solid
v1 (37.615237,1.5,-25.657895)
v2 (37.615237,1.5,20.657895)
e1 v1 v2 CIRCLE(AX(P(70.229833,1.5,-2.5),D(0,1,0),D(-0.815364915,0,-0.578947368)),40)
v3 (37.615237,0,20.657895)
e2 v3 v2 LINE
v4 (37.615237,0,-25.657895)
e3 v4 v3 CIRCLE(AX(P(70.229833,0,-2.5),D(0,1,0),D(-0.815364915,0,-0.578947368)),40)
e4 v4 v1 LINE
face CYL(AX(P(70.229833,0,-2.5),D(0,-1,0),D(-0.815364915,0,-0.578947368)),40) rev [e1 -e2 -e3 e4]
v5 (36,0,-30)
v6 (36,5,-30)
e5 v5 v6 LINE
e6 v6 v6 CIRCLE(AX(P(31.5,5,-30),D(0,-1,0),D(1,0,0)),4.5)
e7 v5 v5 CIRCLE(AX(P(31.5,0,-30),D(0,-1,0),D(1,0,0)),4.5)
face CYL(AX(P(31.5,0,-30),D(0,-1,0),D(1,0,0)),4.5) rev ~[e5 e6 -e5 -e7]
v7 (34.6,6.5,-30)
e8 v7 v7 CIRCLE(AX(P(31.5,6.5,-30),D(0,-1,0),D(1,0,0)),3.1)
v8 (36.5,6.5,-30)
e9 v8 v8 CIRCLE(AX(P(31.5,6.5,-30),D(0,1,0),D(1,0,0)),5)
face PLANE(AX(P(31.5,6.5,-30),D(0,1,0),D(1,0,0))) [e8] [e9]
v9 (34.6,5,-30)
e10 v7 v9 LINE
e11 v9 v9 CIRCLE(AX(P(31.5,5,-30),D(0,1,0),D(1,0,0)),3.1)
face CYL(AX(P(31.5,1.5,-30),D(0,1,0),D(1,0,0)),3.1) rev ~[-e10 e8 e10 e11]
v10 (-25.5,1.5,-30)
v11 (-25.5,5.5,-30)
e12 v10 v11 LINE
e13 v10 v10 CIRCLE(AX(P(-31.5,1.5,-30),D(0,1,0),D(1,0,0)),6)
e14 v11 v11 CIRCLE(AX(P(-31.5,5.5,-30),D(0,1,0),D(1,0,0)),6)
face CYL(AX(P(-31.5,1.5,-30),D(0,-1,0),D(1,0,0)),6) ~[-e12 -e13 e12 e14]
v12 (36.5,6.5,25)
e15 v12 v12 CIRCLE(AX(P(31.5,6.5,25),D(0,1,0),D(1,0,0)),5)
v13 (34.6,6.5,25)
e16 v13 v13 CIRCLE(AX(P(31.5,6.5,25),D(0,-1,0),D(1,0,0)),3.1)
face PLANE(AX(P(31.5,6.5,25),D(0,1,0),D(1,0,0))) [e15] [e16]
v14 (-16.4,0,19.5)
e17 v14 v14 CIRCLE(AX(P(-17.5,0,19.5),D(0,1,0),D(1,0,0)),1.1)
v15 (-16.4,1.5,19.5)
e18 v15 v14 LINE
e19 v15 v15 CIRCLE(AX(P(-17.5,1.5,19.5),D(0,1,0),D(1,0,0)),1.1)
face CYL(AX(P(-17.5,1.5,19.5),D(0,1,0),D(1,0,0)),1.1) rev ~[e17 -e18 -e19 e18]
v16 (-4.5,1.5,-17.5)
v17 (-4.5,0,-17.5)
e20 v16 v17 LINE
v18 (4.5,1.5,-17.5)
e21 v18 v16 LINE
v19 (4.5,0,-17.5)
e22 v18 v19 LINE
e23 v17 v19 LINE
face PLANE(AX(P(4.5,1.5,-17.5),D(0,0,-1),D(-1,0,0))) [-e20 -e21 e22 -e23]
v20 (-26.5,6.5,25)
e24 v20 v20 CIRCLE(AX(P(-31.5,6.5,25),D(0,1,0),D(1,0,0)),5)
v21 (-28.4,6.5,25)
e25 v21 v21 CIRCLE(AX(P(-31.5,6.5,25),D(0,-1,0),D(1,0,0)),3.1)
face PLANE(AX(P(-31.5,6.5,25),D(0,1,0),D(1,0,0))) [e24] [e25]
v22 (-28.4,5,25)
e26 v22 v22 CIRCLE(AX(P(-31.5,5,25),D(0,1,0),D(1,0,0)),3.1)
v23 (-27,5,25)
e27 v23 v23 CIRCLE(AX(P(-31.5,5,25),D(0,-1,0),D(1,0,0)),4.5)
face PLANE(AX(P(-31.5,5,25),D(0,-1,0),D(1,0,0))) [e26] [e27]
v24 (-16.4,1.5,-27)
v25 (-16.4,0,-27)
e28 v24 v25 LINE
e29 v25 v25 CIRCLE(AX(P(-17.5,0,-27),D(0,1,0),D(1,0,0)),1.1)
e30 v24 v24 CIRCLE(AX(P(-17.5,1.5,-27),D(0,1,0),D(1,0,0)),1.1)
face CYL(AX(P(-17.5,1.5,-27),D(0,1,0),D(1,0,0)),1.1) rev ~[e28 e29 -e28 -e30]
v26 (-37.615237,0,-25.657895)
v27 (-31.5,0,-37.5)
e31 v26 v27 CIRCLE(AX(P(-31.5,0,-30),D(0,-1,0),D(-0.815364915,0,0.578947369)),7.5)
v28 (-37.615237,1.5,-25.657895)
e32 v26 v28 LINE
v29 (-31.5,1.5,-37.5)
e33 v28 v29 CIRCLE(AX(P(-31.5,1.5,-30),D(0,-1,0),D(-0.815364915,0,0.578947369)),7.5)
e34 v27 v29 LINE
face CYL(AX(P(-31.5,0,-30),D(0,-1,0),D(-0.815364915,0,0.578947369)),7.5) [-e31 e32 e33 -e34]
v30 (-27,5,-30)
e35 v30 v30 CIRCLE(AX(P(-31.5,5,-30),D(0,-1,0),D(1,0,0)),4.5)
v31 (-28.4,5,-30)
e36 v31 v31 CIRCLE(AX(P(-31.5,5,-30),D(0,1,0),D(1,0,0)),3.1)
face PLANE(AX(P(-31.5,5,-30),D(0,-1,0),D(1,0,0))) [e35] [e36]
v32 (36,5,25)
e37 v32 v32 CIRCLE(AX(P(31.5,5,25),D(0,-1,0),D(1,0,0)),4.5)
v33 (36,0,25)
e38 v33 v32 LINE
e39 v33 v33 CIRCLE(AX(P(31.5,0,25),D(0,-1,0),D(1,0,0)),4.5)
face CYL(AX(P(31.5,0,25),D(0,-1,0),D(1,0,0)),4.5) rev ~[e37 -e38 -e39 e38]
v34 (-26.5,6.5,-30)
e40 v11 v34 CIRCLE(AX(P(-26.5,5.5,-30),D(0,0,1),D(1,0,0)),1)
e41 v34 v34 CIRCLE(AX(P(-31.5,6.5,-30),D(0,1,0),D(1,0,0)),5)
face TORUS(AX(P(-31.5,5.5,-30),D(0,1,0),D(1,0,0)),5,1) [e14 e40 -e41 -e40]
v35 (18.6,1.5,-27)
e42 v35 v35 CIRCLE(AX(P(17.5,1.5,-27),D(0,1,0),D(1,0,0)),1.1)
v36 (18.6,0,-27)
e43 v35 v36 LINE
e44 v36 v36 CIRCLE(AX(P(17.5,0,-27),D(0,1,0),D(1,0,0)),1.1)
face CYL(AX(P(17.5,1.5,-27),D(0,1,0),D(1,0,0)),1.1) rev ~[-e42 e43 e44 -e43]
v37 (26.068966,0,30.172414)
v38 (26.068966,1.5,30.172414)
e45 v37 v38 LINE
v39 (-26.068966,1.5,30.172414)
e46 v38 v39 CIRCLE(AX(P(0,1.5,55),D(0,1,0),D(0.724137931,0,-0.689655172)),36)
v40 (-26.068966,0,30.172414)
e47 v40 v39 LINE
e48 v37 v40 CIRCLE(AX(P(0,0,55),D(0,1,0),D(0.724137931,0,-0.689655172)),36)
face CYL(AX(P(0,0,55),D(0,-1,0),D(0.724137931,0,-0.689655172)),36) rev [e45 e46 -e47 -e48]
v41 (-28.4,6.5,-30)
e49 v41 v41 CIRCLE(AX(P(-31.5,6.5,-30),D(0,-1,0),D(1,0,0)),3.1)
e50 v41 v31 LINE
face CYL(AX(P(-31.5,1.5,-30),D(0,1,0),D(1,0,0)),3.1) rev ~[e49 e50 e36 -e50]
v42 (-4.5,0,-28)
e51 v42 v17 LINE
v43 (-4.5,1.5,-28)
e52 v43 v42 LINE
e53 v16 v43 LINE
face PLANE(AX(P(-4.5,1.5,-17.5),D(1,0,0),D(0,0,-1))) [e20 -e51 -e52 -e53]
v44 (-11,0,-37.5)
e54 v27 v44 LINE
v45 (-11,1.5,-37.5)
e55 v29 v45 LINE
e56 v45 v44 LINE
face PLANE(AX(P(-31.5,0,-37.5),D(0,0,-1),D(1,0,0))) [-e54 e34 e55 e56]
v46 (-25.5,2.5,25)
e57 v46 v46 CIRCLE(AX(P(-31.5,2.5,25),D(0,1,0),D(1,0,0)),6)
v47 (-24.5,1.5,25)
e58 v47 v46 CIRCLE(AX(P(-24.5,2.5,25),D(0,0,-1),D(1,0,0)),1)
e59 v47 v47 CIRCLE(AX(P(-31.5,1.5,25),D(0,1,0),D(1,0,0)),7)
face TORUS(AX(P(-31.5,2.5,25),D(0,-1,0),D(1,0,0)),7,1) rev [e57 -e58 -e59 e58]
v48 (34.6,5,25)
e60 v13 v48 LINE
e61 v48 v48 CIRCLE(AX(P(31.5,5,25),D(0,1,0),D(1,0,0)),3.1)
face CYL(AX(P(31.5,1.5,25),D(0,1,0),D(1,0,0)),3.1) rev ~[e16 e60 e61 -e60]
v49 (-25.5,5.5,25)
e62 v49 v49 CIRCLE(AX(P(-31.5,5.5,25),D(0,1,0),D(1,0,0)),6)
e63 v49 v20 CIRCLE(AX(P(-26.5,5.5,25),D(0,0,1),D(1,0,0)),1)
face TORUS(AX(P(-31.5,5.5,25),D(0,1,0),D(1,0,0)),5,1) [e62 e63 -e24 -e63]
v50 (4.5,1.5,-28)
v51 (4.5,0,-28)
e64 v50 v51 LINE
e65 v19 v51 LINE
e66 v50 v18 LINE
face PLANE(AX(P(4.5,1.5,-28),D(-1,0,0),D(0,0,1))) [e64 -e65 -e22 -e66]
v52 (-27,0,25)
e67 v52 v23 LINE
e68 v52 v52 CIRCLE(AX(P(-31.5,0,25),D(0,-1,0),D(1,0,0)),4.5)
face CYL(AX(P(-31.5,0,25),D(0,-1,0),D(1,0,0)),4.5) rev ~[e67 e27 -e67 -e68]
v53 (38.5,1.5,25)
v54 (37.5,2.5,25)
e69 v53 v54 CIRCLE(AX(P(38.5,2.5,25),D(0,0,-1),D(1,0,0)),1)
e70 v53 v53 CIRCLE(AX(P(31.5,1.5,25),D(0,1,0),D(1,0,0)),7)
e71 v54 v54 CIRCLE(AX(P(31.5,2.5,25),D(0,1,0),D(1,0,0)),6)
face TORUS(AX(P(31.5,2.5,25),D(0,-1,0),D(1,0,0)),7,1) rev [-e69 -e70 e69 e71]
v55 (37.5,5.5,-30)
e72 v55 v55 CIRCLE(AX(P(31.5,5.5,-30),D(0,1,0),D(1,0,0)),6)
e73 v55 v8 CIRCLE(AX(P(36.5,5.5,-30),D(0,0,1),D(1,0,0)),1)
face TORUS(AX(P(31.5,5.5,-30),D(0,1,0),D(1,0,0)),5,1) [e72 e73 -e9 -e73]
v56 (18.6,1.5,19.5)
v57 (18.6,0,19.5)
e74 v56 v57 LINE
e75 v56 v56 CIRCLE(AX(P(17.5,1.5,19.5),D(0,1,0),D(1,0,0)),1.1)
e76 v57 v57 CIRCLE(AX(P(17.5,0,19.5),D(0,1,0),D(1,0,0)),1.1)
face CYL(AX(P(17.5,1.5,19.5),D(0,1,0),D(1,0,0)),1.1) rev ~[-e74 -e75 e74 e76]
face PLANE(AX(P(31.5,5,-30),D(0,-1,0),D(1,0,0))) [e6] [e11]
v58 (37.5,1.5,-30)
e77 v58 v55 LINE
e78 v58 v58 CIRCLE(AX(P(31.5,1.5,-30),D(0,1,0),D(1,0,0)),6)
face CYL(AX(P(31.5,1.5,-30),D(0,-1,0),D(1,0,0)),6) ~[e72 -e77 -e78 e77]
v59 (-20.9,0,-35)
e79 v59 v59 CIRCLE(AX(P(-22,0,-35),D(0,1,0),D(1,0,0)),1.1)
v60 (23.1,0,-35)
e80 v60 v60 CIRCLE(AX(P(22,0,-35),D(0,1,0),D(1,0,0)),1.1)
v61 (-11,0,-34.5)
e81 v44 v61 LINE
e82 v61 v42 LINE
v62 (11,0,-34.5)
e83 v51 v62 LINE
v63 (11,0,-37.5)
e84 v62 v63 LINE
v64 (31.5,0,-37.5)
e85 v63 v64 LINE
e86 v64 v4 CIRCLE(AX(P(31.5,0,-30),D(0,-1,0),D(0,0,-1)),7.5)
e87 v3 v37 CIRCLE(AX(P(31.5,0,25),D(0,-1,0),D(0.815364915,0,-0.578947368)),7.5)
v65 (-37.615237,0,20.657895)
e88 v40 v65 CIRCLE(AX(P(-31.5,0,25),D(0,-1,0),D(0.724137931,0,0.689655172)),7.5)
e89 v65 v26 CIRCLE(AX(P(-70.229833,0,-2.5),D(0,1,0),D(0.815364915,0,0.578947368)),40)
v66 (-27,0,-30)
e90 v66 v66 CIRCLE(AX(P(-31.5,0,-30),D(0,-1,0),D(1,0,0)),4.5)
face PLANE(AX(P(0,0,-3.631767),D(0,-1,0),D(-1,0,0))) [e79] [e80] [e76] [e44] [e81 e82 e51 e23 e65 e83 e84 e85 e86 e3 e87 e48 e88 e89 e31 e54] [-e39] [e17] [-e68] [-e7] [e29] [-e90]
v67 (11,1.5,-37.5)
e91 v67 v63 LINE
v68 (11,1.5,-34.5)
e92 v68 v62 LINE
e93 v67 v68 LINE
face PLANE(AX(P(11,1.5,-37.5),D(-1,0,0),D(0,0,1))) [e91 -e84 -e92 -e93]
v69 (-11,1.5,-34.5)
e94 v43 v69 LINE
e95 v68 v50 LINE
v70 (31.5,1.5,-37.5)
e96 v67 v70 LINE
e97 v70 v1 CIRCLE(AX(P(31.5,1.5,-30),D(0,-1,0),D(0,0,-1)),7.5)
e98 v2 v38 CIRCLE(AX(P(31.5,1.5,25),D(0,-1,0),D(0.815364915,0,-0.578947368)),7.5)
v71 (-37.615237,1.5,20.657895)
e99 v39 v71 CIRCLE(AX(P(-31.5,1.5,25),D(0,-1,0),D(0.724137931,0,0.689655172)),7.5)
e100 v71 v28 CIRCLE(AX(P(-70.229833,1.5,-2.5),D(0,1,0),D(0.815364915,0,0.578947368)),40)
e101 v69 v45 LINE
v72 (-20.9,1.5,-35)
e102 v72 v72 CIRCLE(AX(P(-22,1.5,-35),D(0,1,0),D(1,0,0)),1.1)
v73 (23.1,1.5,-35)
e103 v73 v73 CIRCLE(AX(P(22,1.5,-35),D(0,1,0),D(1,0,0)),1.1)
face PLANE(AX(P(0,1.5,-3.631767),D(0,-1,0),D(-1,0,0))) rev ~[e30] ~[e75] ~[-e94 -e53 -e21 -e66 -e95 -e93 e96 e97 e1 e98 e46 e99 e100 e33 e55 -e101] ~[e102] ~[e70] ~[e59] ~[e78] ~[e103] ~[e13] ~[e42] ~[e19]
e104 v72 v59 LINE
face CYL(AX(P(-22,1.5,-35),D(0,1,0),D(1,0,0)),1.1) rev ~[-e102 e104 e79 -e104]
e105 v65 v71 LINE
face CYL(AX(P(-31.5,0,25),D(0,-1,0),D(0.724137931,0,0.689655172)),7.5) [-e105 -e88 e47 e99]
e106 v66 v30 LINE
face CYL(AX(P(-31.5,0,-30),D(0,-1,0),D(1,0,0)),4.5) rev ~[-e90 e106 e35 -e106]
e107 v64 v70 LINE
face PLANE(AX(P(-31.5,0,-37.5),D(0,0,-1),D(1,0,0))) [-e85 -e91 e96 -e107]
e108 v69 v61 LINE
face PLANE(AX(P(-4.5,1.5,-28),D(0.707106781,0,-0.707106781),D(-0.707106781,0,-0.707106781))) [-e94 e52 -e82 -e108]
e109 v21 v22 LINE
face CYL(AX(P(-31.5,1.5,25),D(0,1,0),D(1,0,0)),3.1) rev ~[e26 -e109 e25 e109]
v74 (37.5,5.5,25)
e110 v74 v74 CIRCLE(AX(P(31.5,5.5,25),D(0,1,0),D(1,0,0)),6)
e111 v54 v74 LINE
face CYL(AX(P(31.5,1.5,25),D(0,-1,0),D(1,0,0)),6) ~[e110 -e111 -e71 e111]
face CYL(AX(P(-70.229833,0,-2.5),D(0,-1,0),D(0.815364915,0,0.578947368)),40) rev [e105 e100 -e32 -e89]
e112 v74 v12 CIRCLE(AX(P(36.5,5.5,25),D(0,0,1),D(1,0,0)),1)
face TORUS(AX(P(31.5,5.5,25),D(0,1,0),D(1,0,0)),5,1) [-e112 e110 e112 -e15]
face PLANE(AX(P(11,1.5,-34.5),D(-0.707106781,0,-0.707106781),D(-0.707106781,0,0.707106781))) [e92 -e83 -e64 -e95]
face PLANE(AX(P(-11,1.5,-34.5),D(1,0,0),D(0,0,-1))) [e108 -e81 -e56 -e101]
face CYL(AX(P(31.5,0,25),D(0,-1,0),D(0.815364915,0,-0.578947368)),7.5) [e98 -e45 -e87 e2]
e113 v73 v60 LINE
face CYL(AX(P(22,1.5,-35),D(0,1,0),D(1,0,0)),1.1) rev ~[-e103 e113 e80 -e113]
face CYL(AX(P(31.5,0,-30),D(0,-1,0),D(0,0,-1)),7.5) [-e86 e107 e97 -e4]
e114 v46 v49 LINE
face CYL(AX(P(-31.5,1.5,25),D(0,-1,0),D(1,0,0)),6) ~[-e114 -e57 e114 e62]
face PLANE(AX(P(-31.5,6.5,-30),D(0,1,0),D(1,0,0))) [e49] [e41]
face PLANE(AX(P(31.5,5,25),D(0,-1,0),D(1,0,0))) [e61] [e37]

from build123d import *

# Parameters (mm, degrees)
BOSS_EXTRUDE1_DEPTH     = 1.5
CUT_EXTRUDE1_DEPTH      = 2.5
SKETCH6_R               = 6
BOSS_EXTRUDE3_DEPTH     = 5
SKETCH3_R               = 3.1
CUT_EXTRUDE2_DEPTH      = 6
CUT_EXTRUDE2_DEPTH_BACK = 2.5
SKETCH4_R               = 1.1
CUT_EXTRUDE3_DEPTH      = 2.5
SKETCH7_R               = 4.5
CUT_EXTRUDE5_DEPTH      = 5
FILLET1_R               = 1


with BuildPart() as part:
    # Sketch1 → Boss-Extrude1 (new body)
    with BuildSketch(Plane(origin=(0, 0, 0), x_dir=(1, 0, 0), z_dir=(0, 1, 0))):
        with BuildLine():
            Line((-31.5, 37.5), (31.5, 37.5))
            ThreePointArc((31.5, 37.5), (38.163924875, 33.441236008), (37.615236862, 25.657894737))
            ThreePointArc((37.615236862, 25.657894737), (30.229833462, 2.5), (37.615236862, -20.657894737))
            ThreePointArc((37.615236862, -20.657894737), (36.269544155, -30.788043586), (26.068965517, -30.172413793))
            ThreePointArc((26.068965517, -30.172413793), (0, -19), (-26.068965517, -30.172413793))
            ThreePointArc((-26.068965517, -30.172413793), (-36.269544155, -30.788043586), (-37.615236862, -20.657894737))
            ThreePointArc((-37.615236862, -20.657894737), (-30.229833462, 2.5), (-37.615236862, 25.657894737))
            ThreePointArc((-37.615236862, 25.657894737), (-38.163924875, 33.441236008), (-31.5, 37.5))
        make_face()
    extrude(amount=BOSS_EXTRUDE1_DEPTH)

    # Sketch2 → Cut-Extrude1 (cut, through all)
    with BuildSketch(Plane(origin=(0, 1.5, 0), x_dir=(1, 0, 0), z_dir=(0, 1, 0))):
        Polygon((-11, 37.5), (11, 37.5), (11, 34.5), (4.5, 28), (4.5, 17.5), (-4.5, 17.5), (-4.5, 28), (-11, 34.5), align=None)
    extrude(amount=-CUT_EXTRUDE1_DEPTH, mode=Mode.SUBTRACT)

    # Sketch6 → Boss-Extrude3 (add)
    with BuildSketch(Plane(origin=(0, 1.5, 0), x_dir=(1, 0, 0), z_dir=(0, 1, 0))):
        with Locations((-31.5, 30)):
            Circle(SKETCH6_R)
        with Locations((31.5, 30)):
            Circle(SKETCH6_R)
        with Locations((-31.5, -25)):
            Circle(SKETCH6_R)
        with Locations((31.5, -25)):
            Circle(SKETCH6_R)
    extrude(amount=BOSS_EXTRUDE3_DEPTH)

    # Sketch3 → Cut-Extrude2 (cut, two sides)
    with BuildSketch(Plane(origin=(0, 1.5, 0), x_dir=(1, 0, 0), z_dir=(0, 1, 0))) as cut_extrude2_sk:
        with Locations((-31.5, 30)):
            Circle(SKETCH3_R)
        with Locations((31.5, 30)):
            Circle(SKETCH3_R)
        with Locations((31.5, -25)):
            Circle(SKETCH3_R)
        with Locations((-31.5, -25)):
            Circle(SKETCH3_R)
    extrude(amount=CUT_EXTRUDE2_DEPTH, mode=Mode.SUBTRACT)
    extrude(cut_extrude2_sk.sketch, amount=-CUT_EXTRUDE2_DEPTH_BACK, mode=Mode.SUBTRACT)

    # Sketch4 → Cut-Extrude3 (cut, through all)
    with BuildSketch(Plane(origin=(0, 1.5, 0), x_dir=(1, 0, 0), z_dir=(0, 1, 0))):
        with Locations((-17.5, 27)):
            Circle(SKETCH4_R)
        with Locations((17.5, 27)):
            Circle(SKETCH4_R)
        with Locations((-22, 35)):
            Circle(SKETCH4_R)
        with Locations((22, 35)):
            Circle(SKETCH4_R)
        with Locations((-17.5, -19.5)):
            Circle(SKETCH4_R)
        with Locations((17.5, -19.5)):
            Circle(SKETCH4_R)
    extrude(amount=-CUT_EXTRUDE3_DEPTH, mode=Mode.SUBTRACT)

    # Sketch7 → Cut-Extrude5 (cut)
    with BuildSketch(Plane.XZ):
        with Locations((-31.5, -30)):
            Circle(SKETCH7_R)
        with Locations((31.5, -30)):
            Circle(SKETCH7_R)
        with Locations((-31.5, 25)):
            Circle(SKETCH7_R)
        with Locations((31.5, 25)):
            Circle(SKETCH7_R)
    extrude(amount=-CUT_EXTRUDE5_DEPTH, mode=Mode.SUBTRACT)

    # Fillet1
    fillet1_edges = [part.edges().sort_by_distance(p)[0] for p in [
        (-37.5, 6.5, -30),
        (25.5, 6.5, -30),
        (-37.5, 1.5, 25),
        (-37.5, 6.5, 25),
        (25.5, 1.5, 25),
        (25.5, 6.5, 25),
    ]]
    fillet(fillet1_edges, radius=FILLET1_R)


solid = part.part
